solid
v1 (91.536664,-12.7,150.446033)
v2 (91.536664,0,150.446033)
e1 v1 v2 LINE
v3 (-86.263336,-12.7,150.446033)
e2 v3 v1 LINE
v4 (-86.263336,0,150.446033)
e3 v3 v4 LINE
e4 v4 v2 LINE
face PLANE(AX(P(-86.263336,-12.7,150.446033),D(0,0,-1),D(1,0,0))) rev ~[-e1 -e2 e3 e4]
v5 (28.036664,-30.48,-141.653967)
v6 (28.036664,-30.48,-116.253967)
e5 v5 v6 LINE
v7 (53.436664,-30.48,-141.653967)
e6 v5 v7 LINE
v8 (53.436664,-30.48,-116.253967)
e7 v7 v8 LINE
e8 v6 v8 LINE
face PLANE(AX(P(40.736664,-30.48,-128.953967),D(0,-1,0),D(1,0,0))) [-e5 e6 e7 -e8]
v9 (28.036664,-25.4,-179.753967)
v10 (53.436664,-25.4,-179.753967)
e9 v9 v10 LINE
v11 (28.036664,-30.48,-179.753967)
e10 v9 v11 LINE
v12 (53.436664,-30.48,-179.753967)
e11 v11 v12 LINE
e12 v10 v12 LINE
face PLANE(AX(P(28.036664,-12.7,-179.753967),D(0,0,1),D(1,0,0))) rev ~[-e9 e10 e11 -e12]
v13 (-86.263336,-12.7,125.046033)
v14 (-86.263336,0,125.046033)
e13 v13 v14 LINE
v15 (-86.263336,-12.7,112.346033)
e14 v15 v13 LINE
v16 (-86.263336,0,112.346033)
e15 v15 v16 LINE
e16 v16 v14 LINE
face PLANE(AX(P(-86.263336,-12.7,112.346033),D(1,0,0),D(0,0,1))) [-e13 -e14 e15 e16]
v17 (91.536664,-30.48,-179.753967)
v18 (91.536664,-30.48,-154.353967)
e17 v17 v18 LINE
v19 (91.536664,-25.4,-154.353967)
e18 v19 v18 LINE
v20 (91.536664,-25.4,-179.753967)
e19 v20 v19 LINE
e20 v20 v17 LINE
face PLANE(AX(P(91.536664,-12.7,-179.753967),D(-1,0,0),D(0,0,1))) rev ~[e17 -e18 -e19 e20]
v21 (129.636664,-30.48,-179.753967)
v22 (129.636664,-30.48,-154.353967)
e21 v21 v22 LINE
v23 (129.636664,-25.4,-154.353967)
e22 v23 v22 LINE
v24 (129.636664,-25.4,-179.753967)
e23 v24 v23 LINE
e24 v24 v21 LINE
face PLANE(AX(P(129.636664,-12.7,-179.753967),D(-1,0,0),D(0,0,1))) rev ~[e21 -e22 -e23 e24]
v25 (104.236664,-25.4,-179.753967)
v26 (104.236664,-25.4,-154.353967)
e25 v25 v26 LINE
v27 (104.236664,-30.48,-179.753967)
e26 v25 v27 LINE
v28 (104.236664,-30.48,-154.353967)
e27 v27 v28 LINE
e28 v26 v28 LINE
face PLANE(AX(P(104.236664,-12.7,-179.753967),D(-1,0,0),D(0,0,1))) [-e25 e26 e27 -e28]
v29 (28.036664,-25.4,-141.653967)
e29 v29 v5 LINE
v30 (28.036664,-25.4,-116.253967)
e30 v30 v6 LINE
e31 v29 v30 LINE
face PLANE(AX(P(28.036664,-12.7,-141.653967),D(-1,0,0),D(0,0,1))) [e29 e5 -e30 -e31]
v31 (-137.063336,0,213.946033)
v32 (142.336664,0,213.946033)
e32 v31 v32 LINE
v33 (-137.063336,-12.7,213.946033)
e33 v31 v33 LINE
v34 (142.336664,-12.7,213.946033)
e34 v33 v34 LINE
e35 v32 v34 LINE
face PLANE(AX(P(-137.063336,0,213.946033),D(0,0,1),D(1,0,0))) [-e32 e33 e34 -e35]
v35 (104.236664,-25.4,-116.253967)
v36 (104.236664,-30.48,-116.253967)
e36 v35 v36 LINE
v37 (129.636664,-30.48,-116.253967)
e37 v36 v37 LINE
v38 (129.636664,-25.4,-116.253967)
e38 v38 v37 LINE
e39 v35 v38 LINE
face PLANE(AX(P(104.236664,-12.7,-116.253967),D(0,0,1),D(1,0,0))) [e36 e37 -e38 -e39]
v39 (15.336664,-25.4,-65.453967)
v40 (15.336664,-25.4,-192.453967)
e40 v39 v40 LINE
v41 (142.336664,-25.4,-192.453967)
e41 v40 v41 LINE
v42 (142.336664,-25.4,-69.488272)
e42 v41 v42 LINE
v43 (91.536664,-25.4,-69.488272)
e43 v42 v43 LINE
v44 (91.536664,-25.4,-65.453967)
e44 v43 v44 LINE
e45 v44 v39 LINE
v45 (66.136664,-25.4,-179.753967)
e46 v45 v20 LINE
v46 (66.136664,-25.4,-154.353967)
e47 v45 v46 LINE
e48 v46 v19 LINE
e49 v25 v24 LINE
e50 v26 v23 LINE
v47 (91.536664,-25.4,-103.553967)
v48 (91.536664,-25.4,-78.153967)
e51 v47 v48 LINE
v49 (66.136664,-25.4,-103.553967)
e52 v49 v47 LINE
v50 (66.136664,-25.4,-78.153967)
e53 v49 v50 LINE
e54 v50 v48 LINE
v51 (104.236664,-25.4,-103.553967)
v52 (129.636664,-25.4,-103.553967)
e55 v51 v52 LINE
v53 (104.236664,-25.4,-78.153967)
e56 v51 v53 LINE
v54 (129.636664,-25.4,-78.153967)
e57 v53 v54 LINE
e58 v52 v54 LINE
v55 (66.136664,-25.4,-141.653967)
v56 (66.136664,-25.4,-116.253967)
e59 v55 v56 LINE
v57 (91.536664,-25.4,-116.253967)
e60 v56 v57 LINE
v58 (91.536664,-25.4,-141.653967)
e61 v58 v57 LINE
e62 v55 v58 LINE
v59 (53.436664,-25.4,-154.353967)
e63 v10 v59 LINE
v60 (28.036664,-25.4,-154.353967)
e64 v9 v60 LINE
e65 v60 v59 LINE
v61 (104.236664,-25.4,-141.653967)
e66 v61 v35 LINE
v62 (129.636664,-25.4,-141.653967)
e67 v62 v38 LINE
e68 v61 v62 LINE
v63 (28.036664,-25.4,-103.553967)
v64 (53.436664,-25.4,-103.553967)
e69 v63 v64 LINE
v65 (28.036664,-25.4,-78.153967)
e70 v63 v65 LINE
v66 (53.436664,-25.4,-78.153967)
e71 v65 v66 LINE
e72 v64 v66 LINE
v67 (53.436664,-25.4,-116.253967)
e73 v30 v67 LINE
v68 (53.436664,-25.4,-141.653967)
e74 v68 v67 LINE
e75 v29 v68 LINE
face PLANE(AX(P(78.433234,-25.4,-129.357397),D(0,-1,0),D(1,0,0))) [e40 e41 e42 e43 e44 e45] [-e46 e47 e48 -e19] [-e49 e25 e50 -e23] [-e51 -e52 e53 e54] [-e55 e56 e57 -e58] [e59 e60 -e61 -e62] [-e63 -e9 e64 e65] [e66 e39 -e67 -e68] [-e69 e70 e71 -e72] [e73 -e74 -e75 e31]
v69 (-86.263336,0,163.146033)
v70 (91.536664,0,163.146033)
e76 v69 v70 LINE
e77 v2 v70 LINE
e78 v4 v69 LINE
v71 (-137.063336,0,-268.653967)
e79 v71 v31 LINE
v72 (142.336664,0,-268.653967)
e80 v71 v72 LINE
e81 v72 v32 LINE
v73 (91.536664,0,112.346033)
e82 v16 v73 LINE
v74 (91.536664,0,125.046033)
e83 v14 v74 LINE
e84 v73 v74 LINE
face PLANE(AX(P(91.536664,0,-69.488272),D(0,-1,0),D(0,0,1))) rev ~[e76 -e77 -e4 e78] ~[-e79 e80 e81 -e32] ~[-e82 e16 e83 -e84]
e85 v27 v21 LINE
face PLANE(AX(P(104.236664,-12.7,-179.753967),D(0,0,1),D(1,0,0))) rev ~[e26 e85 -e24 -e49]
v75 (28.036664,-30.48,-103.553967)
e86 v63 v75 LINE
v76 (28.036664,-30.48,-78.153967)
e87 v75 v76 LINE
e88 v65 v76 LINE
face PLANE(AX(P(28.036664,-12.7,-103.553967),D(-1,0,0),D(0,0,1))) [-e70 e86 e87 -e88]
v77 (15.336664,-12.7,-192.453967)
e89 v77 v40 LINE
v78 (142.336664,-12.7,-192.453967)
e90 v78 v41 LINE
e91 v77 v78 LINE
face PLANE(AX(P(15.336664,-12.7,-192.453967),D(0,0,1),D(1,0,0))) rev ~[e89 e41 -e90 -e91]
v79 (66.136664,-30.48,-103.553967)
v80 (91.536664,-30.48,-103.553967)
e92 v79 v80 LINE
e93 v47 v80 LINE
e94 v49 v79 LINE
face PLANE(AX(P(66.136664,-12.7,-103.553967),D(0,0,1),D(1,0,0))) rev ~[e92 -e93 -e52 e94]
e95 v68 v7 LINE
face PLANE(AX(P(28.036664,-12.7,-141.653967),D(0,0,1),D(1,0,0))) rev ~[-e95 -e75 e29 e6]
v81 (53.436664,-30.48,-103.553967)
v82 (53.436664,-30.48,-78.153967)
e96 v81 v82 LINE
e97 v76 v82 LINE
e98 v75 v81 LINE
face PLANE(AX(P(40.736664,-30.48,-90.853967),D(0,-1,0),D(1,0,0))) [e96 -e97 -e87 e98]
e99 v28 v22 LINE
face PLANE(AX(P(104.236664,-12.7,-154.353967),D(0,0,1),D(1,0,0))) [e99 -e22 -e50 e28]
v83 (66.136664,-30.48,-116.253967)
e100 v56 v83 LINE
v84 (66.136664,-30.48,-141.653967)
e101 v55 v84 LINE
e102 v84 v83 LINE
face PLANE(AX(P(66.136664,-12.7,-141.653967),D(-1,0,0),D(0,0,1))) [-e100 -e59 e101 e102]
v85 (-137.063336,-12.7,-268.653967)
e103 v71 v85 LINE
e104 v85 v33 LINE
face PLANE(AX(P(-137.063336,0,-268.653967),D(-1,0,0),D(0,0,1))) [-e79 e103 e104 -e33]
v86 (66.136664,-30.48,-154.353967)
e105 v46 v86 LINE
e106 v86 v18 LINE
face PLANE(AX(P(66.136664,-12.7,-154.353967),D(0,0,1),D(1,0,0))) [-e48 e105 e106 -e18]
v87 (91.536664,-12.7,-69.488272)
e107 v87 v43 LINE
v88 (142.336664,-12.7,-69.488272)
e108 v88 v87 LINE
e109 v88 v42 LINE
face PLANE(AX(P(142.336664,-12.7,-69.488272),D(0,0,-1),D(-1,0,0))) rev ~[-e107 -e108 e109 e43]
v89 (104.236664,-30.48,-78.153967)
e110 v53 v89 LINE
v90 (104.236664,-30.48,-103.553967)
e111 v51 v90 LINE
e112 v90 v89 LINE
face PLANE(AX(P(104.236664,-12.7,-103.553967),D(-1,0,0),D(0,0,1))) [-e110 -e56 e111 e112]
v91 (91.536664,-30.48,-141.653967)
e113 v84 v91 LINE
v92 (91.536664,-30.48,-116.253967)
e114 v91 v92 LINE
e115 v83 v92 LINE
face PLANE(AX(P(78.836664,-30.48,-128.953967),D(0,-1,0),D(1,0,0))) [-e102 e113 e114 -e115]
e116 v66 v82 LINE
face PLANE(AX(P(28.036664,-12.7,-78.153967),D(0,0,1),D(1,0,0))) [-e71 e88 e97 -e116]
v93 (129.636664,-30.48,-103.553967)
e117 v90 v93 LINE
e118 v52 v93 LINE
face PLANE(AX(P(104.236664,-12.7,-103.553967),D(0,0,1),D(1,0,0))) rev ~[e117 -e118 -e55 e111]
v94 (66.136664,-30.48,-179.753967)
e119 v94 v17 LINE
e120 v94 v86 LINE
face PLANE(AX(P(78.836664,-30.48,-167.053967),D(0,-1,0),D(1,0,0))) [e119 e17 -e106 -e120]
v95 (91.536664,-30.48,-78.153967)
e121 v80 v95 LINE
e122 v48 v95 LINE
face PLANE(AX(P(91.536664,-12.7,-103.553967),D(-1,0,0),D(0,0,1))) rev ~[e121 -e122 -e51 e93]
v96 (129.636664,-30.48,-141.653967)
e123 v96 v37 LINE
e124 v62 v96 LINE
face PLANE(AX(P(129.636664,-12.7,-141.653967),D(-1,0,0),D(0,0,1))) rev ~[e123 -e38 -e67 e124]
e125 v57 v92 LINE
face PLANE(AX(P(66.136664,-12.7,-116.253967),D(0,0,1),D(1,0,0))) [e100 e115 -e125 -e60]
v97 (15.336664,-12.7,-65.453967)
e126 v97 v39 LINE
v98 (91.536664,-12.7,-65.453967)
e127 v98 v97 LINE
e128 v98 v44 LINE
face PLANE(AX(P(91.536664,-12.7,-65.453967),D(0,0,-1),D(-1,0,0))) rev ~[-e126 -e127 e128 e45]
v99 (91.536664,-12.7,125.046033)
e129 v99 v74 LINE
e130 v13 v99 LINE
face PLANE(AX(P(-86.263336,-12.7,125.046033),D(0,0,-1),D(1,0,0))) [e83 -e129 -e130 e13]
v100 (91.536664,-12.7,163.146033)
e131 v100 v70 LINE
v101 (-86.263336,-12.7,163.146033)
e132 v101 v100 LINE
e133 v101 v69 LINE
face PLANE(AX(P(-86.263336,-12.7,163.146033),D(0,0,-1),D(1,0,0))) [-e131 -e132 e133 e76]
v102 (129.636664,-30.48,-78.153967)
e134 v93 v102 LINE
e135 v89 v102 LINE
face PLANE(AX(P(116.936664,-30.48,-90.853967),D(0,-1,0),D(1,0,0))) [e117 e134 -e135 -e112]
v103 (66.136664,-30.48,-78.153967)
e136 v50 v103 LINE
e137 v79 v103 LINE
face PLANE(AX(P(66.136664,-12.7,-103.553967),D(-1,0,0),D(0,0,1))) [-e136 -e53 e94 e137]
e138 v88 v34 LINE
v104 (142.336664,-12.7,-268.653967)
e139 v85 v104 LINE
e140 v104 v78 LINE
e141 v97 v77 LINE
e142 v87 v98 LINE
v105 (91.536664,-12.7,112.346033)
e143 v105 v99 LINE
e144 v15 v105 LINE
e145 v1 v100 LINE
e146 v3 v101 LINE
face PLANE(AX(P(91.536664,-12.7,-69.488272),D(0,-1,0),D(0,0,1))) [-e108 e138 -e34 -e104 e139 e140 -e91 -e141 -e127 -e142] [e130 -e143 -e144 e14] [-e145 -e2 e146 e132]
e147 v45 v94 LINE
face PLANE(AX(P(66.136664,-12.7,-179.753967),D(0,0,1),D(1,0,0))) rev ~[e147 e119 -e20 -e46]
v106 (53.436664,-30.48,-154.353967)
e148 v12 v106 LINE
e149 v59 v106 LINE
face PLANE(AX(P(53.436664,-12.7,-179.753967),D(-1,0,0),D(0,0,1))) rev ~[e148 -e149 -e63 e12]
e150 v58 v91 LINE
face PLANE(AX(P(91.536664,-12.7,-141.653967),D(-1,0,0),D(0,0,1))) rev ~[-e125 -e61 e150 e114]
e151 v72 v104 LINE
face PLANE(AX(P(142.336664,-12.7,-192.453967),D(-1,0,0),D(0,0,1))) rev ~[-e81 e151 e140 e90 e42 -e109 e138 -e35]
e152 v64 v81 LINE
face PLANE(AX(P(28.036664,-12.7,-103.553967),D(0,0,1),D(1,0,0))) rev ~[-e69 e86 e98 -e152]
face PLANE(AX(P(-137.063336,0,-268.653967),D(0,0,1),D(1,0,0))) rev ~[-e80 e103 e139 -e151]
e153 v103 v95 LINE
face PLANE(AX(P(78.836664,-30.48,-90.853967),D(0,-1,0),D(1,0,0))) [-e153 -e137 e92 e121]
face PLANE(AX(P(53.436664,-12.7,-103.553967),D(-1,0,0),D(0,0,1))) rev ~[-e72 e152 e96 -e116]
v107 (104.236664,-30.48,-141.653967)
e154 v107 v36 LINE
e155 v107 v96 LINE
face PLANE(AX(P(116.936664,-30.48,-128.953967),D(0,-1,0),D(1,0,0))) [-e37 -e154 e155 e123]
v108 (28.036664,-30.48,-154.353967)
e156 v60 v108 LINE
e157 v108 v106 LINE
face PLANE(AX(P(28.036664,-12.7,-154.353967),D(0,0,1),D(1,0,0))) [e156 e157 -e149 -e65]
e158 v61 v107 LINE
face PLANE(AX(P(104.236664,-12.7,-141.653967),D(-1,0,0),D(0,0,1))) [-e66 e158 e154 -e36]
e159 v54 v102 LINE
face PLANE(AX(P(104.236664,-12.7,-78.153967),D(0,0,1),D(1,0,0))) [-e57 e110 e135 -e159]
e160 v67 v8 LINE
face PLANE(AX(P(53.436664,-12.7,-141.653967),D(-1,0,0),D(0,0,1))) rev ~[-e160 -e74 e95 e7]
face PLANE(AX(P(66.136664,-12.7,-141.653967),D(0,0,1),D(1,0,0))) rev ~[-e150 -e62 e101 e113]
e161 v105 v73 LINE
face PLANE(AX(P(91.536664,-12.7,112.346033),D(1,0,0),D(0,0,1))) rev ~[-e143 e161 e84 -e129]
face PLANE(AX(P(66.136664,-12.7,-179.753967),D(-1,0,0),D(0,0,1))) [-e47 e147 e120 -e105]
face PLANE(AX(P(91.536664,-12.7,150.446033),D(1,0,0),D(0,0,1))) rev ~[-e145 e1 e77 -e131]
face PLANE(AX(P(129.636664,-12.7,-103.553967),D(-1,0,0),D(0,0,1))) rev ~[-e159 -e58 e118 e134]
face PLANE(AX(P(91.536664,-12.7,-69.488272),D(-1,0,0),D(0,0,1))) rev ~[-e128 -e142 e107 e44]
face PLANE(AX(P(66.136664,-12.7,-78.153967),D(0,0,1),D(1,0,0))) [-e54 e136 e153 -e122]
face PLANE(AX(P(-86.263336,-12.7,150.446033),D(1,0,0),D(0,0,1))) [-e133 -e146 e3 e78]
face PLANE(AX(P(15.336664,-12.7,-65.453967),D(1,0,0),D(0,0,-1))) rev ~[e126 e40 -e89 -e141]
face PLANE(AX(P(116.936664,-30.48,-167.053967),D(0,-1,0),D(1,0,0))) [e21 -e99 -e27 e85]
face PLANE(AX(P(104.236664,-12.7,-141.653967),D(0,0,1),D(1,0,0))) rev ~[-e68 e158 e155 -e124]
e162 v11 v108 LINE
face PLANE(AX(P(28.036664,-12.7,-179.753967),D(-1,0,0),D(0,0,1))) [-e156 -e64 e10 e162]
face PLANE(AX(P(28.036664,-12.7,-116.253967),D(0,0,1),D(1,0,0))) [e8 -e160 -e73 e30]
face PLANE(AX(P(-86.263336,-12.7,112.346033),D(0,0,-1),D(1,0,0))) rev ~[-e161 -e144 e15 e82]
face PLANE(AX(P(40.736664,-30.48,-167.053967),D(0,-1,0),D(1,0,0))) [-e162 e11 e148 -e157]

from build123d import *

# Parameters (mm, degrees)
F0_W     = 279.4
F0_H     = 482.6
F1_DEPTH = 12.7
F2_W     = 177.8
F2_H     = 12.7
F3_DEPTH = 25.4
F2_W_2   = 50.8
F2_H_2   = 25.4
F4_DEPTH = 25.4
F5_W     = 12.7
F5_H     = 25.4
F6_DEPTH = 50.8
F7_W     = 25.4
F7_H     = 25.4
F8_DEPTH = 17.78
F9_DEPTH = 12.7


with BuildPart() as f1:
    # F0 (on Front) → F1 (new body)
    with BuildSketch(Plane.XZ):
        with Locations((2.636664, -27.353967)):
            Rectangle(F0_W, F0_H)
    extrude(amount=F1_DEPTH)

    # F2 (on face) → F3 (cut)
    with BuildSketch(Plane.XZ.offset(12.7)):
        with Locations((2.636664, 156.796033)):
            Rectangle(F2_W, F2_H)
        with Locations((2.636664, 118.696033)):
            Rectangle(F2_W, F2_H)
    extrude(amount=-F3_DEPTH, mode=Mode.SUBTRACT)

    # F2 (on face) → F4 (cut)
    with BuildSketch(Plane.XZ.offset(12.7)):
        with Locations((116.936664, -56.788272)):
            Rectangle(F2_W_2, F2_H_2)
    extrude(amount=-F4_DEPTH, mode=Mode.SUBTRACT)

    # F5 (on face) → F6 (join)
    with BuildSketch(Plane.YZ.offset(91.536664)):
        with Locations((-6.35, -56.788272)):
            Rectangle(F5_W, F5_H)
    extrude(amount=F6_DEPTH)

    # F7 (on face) → F8 (join)
    with BuildSketch(Plane.XZ.offset(12.7)):
        with Locations((40.736664, -90.853967)):
            Rectangle(F7_W, F7_H)
        with Locations((78.836664, -90.853967)):
            Rectangle(F7_W, F7_H)
        with Locations((116.936664, -90.853967)):
            Rectangle(F7_W, F7_H)
        with Locations((116.936664, -167.053967)):
            Rectangle(F7_W, F7_H)
        with Locations((78.836664, -167.053967)):
            Rectangle(F7_W, F7_H)
        with Locations((40.736664, -167.053967)):
            Rectangle(F7_W, F7_H)
        with Locations((40.736664, -128.953967)):
            Rectangle(F7_W, F7_H)
        with Locations((78.836664, -128.953967)):
            Rectangle(F7_W, F7_H)
        with Locations((116.936664, -128.953967)):
            Rectangle(F7_W, F7_H)
    extrude(amount=F8_DEPTH)

    # F7 (on face) → F9 (join)
    with BuildSketch(Plane.XZ.offset(12.7)):
        Polygon((15.336664, -192.453967), (142.336664, -192.453967), (142.336664, -69.488272), (91.536664, -69.488272), (91.536664, -65.453967), (15.336664, -65.453967), align=None)
        with Locations((40.736664, -167.053967)):
            Rectangle(F7_W, F7_H, mode=Mode.SUBTRACT)
        with Locations((78.836664, -167.053967)):
            Rectangle(F7_W, F7_H, mode=Mode.SUBTRACT)
        with Locations((116.936664, -167.053967)):
            Rectangle(F7_W, F7_H, mode=Mode.SUBTRACT)
        with Locations((40.736664, -128.953967)):
            Rectangle(F7_W, F7_H, mode=Mode.SUBTRACT)
        with Locations((40.736664, -90.853967)):
            Rectangle(F7_W, F7_H, mode=Mode.SUBTRACT)
        with Locations((78.836664, -128.953967)):
            Rectangle(F7_W, F7_H, mode=Mode.SUBTRACT)
        with Locations((78.836664, -90.853967)):
            Rectangle(F7_W, F7_H, mode=Mode.SUBTRACT)
        with Locations((116.936664, -128.953967)):
            Rectangle(F7_W, F7_H, mode=Mode.SUBTRACT)
        with Locations((116.936664, -90.853967)):
            Rectangle(F7_W, F7_H, mode=Mode.SUBTRACT)
    extrude(amount=F9_DEPTH)


solid = f1.part
